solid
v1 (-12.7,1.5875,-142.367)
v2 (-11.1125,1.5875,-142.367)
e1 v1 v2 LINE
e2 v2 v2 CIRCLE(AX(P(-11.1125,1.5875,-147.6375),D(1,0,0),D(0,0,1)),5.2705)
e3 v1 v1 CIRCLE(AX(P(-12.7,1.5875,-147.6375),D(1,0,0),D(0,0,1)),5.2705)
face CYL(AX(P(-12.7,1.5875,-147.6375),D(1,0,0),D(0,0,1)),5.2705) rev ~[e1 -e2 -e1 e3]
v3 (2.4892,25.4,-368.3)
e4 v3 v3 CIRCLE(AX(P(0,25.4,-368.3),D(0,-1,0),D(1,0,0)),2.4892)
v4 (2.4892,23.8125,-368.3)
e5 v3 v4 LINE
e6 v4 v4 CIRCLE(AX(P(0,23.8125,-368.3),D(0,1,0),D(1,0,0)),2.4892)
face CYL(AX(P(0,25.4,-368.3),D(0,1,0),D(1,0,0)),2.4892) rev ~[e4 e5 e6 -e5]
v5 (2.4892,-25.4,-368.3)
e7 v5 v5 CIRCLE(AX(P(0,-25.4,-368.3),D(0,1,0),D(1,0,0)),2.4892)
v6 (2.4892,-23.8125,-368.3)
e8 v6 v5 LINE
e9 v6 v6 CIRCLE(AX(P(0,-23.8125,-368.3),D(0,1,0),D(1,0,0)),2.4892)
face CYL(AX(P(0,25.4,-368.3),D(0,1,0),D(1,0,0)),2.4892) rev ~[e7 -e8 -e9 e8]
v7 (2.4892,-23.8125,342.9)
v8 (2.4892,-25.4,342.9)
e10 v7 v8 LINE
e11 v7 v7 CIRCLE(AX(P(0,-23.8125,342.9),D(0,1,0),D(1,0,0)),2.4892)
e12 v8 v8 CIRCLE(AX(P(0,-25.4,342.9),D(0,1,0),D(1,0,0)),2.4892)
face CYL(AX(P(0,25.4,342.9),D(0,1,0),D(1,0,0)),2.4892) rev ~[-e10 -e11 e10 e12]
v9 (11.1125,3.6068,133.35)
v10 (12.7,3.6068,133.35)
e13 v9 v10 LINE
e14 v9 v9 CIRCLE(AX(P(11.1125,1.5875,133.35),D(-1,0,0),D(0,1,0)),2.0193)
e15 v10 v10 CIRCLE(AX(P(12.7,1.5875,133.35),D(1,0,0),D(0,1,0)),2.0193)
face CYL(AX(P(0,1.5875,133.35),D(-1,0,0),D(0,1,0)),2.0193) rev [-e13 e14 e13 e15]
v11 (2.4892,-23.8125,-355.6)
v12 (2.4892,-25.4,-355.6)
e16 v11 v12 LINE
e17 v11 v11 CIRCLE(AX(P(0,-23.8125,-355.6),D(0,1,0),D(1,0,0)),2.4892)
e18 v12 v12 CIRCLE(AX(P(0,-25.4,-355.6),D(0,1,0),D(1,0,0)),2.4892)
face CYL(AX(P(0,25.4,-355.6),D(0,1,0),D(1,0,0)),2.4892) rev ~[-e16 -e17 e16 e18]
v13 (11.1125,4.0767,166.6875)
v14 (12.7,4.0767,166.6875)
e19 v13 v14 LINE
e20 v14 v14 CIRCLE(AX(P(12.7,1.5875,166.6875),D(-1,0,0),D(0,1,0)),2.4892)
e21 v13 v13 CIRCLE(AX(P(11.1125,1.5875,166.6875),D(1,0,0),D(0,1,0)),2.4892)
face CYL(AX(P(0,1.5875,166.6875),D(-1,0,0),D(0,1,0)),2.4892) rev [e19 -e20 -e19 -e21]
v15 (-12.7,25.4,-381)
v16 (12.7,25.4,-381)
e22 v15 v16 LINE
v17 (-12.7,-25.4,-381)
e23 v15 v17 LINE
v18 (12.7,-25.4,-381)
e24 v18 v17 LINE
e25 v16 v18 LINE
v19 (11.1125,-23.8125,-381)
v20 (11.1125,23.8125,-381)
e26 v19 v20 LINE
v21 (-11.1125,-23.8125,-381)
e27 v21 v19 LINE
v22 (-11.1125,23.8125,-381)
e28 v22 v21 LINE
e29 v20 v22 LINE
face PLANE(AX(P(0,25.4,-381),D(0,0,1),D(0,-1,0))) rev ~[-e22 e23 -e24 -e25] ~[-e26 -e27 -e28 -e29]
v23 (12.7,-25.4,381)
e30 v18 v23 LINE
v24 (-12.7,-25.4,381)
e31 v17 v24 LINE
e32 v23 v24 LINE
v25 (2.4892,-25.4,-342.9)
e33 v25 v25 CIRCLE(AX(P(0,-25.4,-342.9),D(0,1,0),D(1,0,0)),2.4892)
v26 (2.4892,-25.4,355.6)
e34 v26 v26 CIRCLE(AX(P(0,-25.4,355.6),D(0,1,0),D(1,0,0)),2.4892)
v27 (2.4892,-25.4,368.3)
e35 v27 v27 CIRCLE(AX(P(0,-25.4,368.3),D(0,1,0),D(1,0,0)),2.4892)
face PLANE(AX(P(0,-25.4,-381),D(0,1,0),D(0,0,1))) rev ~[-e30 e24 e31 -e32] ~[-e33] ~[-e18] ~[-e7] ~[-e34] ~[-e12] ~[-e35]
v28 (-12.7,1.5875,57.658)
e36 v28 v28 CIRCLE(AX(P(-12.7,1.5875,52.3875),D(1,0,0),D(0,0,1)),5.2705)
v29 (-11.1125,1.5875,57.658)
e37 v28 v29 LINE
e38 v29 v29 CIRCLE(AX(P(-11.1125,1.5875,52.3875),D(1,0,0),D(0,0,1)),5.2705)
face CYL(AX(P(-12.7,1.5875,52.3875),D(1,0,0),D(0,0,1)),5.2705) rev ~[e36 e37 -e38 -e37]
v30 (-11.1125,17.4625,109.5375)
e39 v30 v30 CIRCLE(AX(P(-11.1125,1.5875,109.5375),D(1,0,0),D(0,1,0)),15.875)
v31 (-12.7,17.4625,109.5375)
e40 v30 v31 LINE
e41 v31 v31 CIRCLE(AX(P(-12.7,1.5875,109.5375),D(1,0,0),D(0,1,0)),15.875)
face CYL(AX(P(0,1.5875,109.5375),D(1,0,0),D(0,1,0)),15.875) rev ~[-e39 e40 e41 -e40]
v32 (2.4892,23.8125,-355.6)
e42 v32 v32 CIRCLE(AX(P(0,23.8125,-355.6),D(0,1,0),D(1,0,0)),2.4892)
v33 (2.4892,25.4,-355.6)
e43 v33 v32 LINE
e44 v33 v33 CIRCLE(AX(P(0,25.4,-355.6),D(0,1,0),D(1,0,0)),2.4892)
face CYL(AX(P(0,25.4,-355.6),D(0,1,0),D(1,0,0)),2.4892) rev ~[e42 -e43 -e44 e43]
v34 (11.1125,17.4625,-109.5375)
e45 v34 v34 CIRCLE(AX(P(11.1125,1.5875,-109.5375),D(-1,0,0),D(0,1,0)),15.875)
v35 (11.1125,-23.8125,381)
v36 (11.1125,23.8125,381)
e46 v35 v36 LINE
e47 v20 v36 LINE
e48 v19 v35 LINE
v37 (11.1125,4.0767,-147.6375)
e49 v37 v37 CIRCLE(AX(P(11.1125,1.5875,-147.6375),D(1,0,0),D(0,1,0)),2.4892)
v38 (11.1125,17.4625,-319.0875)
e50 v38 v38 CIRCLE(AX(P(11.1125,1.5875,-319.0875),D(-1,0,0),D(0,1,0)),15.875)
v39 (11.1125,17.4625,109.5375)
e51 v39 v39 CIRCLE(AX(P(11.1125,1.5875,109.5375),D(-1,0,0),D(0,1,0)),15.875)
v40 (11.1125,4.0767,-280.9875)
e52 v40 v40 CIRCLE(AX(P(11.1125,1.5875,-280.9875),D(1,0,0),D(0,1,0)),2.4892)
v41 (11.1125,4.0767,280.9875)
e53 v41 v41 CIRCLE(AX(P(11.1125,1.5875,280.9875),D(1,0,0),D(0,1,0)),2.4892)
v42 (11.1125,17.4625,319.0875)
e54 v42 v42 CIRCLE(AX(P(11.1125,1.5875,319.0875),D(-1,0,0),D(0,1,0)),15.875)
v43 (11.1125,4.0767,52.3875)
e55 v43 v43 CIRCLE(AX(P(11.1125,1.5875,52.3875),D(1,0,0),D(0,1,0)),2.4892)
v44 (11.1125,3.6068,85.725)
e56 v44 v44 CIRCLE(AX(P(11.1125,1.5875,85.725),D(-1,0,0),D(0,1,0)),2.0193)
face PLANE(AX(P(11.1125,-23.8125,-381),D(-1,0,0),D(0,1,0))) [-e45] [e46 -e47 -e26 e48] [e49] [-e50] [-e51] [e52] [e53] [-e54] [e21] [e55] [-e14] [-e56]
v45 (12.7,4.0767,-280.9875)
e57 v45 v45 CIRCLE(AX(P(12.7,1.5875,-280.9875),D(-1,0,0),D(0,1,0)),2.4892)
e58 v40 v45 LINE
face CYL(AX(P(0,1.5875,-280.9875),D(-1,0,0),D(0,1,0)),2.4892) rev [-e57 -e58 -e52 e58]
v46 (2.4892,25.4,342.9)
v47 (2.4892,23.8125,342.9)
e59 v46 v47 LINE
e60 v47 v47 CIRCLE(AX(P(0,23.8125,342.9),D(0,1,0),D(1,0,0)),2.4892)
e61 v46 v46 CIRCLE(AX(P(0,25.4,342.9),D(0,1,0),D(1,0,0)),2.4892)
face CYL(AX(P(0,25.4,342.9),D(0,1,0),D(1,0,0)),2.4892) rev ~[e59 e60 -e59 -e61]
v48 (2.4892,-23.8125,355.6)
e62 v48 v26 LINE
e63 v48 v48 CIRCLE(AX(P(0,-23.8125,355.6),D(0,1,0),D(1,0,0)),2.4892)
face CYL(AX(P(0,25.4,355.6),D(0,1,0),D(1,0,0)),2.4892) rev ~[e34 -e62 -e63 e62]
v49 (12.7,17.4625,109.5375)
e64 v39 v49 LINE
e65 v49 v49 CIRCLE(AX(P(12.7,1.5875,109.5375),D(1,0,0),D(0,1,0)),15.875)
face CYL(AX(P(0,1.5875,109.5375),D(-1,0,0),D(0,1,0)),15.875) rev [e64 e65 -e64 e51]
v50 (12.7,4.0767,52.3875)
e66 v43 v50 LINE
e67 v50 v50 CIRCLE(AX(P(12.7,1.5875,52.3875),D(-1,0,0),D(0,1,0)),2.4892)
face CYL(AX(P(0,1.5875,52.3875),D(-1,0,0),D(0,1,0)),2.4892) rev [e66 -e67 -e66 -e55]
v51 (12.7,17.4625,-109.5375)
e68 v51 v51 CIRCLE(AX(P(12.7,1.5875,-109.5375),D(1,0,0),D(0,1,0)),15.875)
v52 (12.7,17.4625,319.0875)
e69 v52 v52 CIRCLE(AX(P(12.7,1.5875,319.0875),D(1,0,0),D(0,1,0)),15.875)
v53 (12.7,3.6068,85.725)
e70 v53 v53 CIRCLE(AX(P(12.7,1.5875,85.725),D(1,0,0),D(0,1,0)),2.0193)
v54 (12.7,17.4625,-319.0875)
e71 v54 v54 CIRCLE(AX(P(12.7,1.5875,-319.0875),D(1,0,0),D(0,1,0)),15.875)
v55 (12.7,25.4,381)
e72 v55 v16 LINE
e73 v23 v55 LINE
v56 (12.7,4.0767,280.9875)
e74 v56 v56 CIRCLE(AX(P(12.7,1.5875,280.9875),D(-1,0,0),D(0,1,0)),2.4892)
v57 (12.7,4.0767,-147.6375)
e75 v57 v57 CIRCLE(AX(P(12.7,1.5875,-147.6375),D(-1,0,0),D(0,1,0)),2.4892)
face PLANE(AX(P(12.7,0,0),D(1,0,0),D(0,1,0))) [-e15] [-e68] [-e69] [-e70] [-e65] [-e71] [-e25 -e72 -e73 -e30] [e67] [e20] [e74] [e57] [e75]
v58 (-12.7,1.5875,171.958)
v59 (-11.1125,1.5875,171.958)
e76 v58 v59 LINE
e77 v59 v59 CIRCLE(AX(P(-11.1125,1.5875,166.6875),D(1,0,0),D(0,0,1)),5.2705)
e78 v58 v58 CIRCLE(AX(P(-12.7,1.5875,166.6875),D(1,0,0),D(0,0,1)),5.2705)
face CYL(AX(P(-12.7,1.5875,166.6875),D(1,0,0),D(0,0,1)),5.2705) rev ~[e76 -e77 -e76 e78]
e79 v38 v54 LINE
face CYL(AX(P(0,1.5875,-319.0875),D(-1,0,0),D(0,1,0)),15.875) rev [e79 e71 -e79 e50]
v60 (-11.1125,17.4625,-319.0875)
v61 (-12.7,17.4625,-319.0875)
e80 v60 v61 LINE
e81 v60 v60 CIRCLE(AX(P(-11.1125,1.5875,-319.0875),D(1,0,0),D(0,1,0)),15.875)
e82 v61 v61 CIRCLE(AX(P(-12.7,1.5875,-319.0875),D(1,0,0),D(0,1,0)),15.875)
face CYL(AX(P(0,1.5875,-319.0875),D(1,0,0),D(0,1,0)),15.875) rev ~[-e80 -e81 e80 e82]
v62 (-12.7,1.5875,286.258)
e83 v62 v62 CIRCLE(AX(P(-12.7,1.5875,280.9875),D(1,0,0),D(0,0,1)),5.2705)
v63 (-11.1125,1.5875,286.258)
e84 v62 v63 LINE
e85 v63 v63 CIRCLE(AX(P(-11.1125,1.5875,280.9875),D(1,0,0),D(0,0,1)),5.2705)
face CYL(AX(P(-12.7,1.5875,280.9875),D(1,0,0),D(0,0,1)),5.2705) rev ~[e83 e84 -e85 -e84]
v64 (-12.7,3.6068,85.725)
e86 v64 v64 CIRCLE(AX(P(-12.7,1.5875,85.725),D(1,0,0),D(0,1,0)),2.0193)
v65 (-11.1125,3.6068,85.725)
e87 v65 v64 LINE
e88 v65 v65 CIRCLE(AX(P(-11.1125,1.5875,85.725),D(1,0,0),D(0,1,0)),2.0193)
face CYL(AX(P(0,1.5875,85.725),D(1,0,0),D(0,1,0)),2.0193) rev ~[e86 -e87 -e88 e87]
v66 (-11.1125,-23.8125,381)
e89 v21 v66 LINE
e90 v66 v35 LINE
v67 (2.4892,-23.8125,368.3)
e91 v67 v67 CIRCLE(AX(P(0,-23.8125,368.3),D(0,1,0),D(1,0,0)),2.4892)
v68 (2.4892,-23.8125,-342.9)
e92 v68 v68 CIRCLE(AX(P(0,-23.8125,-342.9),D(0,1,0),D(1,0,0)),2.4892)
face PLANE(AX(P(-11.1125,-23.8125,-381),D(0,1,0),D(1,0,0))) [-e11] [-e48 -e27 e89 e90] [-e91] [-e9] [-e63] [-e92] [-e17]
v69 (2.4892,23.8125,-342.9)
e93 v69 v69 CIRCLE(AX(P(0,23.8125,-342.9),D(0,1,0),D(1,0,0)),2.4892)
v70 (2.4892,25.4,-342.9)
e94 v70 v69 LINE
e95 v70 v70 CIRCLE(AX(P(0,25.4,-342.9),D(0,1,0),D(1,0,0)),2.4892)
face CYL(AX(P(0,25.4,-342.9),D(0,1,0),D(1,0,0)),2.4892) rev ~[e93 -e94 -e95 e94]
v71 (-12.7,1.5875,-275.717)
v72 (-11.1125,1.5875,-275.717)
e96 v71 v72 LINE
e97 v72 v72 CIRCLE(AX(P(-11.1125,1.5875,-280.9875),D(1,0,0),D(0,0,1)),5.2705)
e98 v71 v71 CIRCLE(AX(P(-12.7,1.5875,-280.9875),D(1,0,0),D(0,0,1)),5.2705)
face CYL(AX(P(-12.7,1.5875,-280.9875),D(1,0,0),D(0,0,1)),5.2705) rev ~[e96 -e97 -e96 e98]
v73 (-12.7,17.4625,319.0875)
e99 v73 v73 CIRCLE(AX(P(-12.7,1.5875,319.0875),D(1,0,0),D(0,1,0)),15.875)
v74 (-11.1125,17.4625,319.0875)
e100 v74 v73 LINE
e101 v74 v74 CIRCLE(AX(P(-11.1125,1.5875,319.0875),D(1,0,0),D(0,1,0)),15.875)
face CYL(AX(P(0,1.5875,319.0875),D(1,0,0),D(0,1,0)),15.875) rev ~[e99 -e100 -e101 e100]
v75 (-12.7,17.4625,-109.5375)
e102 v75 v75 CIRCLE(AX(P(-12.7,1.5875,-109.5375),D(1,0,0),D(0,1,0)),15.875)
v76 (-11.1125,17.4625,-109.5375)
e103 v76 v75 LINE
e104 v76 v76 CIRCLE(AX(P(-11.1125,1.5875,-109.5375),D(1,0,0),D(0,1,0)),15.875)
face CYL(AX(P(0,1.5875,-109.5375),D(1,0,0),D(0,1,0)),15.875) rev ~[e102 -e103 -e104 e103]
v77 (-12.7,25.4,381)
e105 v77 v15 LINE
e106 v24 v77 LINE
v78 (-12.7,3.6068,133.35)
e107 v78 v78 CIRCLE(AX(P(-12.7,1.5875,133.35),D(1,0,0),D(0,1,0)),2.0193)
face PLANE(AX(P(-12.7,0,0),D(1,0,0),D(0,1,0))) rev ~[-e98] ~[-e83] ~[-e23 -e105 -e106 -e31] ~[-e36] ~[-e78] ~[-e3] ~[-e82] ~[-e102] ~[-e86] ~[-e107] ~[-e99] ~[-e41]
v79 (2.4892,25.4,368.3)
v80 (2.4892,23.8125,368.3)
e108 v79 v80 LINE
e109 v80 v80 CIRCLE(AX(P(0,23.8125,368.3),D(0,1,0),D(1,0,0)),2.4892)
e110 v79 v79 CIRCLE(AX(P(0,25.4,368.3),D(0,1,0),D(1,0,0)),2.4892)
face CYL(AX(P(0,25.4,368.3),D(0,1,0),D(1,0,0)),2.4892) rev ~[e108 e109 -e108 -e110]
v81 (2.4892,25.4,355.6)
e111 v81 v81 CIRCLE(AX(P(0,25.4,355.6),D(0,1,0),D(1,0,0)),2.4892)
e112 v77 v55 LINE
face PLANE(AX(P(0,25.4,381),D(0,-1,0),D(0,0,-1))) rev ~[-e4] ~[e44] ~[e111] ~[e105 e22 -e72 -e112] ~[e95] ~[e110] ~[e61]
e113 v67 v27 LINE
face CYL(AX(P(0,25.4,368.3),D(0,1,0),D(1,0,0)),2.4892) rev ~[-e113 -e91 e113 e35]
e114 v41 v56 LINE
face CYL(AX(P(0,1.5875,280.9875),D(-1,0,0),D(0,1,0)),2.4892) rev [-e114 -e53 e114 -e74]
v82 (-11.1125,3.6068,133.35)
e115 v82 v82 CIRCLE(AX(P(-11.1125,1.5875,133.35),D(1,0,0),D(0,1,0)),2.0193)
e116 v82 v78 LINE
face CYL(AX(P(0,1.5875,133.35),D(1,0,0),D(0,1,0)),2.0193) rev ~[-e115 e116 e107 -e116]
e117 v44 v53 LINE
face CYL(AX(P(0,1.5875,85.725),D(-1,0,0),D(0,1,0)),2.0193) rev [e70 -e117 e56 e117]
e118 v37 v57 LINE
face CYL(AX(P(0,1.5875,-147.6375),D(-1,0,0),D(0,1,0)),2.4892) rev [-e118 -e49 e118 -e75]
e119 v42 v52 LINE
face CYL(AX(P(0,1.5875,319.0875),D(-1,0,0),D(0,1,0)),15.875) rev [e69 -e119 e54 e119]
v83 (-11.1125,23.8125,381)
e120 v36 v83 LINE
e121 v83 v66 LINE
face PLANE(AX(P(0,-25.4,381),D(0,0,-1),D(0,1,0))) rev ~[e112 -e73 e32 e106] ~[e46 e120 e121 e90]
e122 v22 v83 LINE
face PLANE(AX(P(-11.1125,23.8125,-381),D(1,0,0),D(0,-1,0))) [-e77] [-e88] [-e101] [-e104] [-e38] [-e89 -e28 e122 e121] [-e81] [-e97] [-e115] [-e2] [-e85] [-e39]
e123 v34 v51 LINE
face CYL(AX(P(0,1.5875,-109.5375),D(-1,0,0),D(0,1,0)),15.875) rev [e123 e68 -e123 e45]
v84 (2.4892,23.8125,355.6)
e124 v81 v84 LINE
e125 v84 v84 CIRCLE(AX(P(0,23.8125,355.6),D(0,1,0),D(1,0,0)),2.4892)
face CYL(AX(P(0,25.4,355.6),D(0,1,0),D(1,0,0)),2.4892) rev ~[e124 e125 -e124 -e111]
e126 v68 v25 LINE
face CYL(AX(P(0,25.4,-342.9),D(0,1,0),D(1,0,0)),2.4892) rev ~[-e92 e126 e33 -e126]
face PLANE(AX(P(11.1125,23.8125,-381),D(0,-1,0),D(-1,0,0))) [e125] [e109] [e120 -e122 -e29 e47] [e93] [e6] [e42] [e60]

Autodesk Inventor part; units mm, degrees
ref_plane "YZ Plane" through (0, 0, 0) normal (1, 0, 0) x (0, 1, 0)
ref_plane "XZ Plane" through (0, 0, 0) normal (0, 1, 0) x (-1, 0, 0)
ref_plane "XY Plane" through (0, 0, 0) normal (0, 0, 1) x (1, 0, 0)
sketch "Sketch1" plane through (0, 0, 0) normal (1, 0, 0) x (0, 1, 0)
  line L0 (25.4, -381) -> (-25.4, -381)
  line L1 (-25.4, -381) -> (-25.4, 381)
  line L2 (-25.4, 381) -> (25.4, 381)
  line L3 (25.4, 381) -> (25.4, -381)
  line L4 (25.4, -381) -> (-25.4, 381) construction
  line L5 (-25.4, -381) -> (25.4, 381) construction
  circle A0 centre (1.5875, -319.0875) radius 15.875
  line L6 (0, -381) -> (0, -205.8364) construction
  circle A1 centre (1.5875, -280.9875) radius 2.4892
  circle A2 centre (1.5875, -280.9875) radius 5.2705
  circle A3 centre (-1.5875, 0) radius 15.875
  line L7 (0, 0) -> (48.0139, 0) construction
  circle A4 centre (1.5875, 319.0875) radius 15.875
  circle A5 centre (1.5875, 280.9875) radius 2.4892
  circle A6 centre (1.5875, 280.9875) radius 5.2705
  circle A7 centre (1.5875, -319.0875) radius 76.2 construction
  circle A8 centre (-1.5875, 0) radius 76.2 construction
  circle A9 centre (1.5875, 319.0875) radius 76.2 construction
  circle A10 centre (-1.5875, -23.8125) radius 2.0193
  circle A11 centre (19.0347, -11.9063) radius 2.0193
  circle A12 centre (19.0347, 11.9062) radius 2.0193
  circle A13 centre (-1.5875, 23.8125) radius 2.0193
  circle A14 centre (-22.2097, 11.9062) radius 2.0193 construction
  circle A15 centre (-22.2097, -11.9063) radius 2.0193 construction
  circle A16 centre (-1.5875, -57.15) radius 2.4892
  circle A17 centre (-1.5875, -57.15) radius 5.2705
  circle A18 centre (-1.5875, 57.15) radius 2.4892
  circle A19 centre (-1.5875, 57.15) radius 5.2705
  circle A20 centre (1.5875, -109.5375) radius 15.875
  circle A21 centre (1.5875, -147.6375) radius 2.4892
  circle A22 centre (1.5875, -147.6375) radius 5.2705
  line L8 (1.5875, 280.9875) -> (1.5875, 319.0875) construction
  line L9 (1.5875, -109.5375) -> (1.5875, -147.6375) construction
  circle A23 centre (1.5875, 85.725) radius 2.0193
  circle A24 centre (1.5875, 52.3875) radius 2.4892
  circle A25 centre (1.5875, 52.3875) radius 5.2705
  circle A26 centre (1.5875, 166.6875) radius 2.4892
  circle A27 centre (1.5875, 166.6875) radius 5.2705
  circle A28 centre (1.5875, 133.35) radius 2.0193
  line L10 (1.5875, 133.35) -> (1.5875, 85.725) construction
  line L11 (-1.5875, 23.8125) -> (-1.5875, -23.8125) construction
  line L12 (1.5875, 166.6875) -> (1.5875, 52.3875) construction
  line L13 (-1.5875, 57.15) -> (-1.5875, -57.15) construction
  circle A29 centre (1.5875, 109.5375) radius 15.875
  line L14 (25.4, 381) -> (-25.4, 381) construction
  line L15 (-25.4, 381) -> (-25.4, 406.4) construction
  line L16 (-25.4, 406.4) -> (25.4, 406.4) construction
  line L17 (25.4, 406.4) -> (25.4, 381) construction
  line L18 (25.4, 404.8125) -> (-25.4, 404.8125) construction
  line L19 (25.4, 401.6375) -> (-25.4, 401.6375) construction
  point P0 (0, 0)
  point P1 (1.5875, 1.5875)
  point P2 (1.5875, -19.5792)
  point P3 (3.2385, -19.5792)
  point P4 (1.5875, -19.5792)
  dimension "d0" = 762
  dimension "d1" = 50.8
  dimension "d2" = 31.75
  dimension "d4" = 10.541
  dimension "d5" = 4.9784
  dimension "d6" = 1.5875
  dimension "d7" = 1.5875
  dimension "d8" = 38.1
  dimension "d9" = 319.0875
  dimension "d10" = 152.4
  dimension "d13" = 4.0386
  dimension "d16" = 360
  dimension "d18" = 4.9784
  dimension "d19" = 10.541
  dimension "d20" = 114.3
  dimension "d21" = 47.625
  dimension "d22" = 3.1903
  dimension "d26" = 4.0386
  dimension "d28" = 4.9784
  dimension "d29" = 10.541
  dimension "d33" = 360
  dimension "d35" = 219.075
  dimension "d36" = 209.55
  dimension "d58" = 25.4
  dimension "d59" = 1.5875
  dimension "d60" = 3.175
extrude "Extrusion1" add sketch "Sketch1" along normal mid plane 25.4 contours L0 L1 L2 L3 | A2 | A3 | A6 | A10 | A11 | A12 | A13 | A16 | A17 | A18 A25 | A18 A25 A19 A24 | A25 A18 | A18 A25 A19 | A25 A19 A24 | A22 | A27
sketch "Sketch2" plane through (-12.7, -25.4, -381) normal (0, 0, -1) x (-1, 0, 0)
  line L0 (0, 50.8) -> (-25.4, 50.8) projected
  line L1 (-25.4, 0) -> (-25.4, 50.8) projected
  line L2 (0, 50.8) -> (0, 0) projected
  line L3 (-23.8125, 49.2125) -> (-1.5875, 49.2125)
  line L4 (-1.5875, 49.2125) -> (-1.5875, 1.5875)
  line L5 (-1.5875, 1.5875) -> (-23.8125, 1.5875)
  line L6 (-23.8125, 1.5875) -> (-23.8125, 49.2125)
  line L7 (0, 0) -> (-25.4, 0) projected
  point P0 (-12.7, 25.4)
  dimension "d23" = 1.5875
extrude "Extrusion2" cut sketch "Sketch2" against normal through all contours L3 L4 L5 L6
sketch "Sketch3" plane through (-12.7, 25.4, 381) normal (0, 1, 0) x (1, 0, 0)
  line L0 (0, 762) -> (25.4, 762) projected
  line L1 (0, 762) -> (25.4, 762) projected
  line L2 (12.7, 762) -> (12.7, 749.3)
  circle A0 centre (12.7, 749.3) radius 2.4892
  circle A1 centre (12.7, 736.6) radius 2.4892
  circle A2 centre (12.7, 723.9) radius 2.4892
  line L3 (12.7, 381) -> (42.3415, 381) construction
  circle A3 centre (12.7, 12.7) radius 2.4892
  circle A4 centre (12.7, 25.4) radius 2.4892
  circle A5 centre (12.7, 38.1) radius 2.4892
  dimension "d37" = 12.7
  dimension "d38" = 4.9784
  dimension "d41" = 12.7
extrude "Extrusion3" cut sketch "Sketch3" against normal through all
sketch "Sketch4" plane through (-12.7, 0, 0) normal (-1, 0, 0) x (0, 0, 1)
  circle A0 centre (280.9875, 1.5875) radius 2.4892 projected
  circle A1 centre (-280.9875, 1.5875) radius 2.4892 projected
  circle A2 centre (52.3875, 1.5875) radius 2.4892 projected
  circle A3 centre (166.6875, 1.5875) radius 2.4892 projected
  circle A4 centre (-147.6375, 1.5875) radius 2.4892 projected
  point P0 (0, 0)
  point P1 (57.15, -1.5875)
hole "Hole1" at (-12.7, 1.5875, 280.9875) at (-12.7, 1.5875, 52.3875) at (-12.7, 1.5875, 166.6875) at (-12.7, 1.5875, -280.9875) at (-12.7, 1.5875, -147.6375) direction (1, 0, 0) diameter 4.9784 depth 25.4 tip angle 118 counterbore diameter 10.541 counterbore depth 4.826 clearance for "Socket Head Cap Screw" size "#10" standard "Ansi Unified Screw Threads"
equation "\"d7\" = d6"
properties part number "VersaChassis Drive Rail Template" material "Aluminum"
